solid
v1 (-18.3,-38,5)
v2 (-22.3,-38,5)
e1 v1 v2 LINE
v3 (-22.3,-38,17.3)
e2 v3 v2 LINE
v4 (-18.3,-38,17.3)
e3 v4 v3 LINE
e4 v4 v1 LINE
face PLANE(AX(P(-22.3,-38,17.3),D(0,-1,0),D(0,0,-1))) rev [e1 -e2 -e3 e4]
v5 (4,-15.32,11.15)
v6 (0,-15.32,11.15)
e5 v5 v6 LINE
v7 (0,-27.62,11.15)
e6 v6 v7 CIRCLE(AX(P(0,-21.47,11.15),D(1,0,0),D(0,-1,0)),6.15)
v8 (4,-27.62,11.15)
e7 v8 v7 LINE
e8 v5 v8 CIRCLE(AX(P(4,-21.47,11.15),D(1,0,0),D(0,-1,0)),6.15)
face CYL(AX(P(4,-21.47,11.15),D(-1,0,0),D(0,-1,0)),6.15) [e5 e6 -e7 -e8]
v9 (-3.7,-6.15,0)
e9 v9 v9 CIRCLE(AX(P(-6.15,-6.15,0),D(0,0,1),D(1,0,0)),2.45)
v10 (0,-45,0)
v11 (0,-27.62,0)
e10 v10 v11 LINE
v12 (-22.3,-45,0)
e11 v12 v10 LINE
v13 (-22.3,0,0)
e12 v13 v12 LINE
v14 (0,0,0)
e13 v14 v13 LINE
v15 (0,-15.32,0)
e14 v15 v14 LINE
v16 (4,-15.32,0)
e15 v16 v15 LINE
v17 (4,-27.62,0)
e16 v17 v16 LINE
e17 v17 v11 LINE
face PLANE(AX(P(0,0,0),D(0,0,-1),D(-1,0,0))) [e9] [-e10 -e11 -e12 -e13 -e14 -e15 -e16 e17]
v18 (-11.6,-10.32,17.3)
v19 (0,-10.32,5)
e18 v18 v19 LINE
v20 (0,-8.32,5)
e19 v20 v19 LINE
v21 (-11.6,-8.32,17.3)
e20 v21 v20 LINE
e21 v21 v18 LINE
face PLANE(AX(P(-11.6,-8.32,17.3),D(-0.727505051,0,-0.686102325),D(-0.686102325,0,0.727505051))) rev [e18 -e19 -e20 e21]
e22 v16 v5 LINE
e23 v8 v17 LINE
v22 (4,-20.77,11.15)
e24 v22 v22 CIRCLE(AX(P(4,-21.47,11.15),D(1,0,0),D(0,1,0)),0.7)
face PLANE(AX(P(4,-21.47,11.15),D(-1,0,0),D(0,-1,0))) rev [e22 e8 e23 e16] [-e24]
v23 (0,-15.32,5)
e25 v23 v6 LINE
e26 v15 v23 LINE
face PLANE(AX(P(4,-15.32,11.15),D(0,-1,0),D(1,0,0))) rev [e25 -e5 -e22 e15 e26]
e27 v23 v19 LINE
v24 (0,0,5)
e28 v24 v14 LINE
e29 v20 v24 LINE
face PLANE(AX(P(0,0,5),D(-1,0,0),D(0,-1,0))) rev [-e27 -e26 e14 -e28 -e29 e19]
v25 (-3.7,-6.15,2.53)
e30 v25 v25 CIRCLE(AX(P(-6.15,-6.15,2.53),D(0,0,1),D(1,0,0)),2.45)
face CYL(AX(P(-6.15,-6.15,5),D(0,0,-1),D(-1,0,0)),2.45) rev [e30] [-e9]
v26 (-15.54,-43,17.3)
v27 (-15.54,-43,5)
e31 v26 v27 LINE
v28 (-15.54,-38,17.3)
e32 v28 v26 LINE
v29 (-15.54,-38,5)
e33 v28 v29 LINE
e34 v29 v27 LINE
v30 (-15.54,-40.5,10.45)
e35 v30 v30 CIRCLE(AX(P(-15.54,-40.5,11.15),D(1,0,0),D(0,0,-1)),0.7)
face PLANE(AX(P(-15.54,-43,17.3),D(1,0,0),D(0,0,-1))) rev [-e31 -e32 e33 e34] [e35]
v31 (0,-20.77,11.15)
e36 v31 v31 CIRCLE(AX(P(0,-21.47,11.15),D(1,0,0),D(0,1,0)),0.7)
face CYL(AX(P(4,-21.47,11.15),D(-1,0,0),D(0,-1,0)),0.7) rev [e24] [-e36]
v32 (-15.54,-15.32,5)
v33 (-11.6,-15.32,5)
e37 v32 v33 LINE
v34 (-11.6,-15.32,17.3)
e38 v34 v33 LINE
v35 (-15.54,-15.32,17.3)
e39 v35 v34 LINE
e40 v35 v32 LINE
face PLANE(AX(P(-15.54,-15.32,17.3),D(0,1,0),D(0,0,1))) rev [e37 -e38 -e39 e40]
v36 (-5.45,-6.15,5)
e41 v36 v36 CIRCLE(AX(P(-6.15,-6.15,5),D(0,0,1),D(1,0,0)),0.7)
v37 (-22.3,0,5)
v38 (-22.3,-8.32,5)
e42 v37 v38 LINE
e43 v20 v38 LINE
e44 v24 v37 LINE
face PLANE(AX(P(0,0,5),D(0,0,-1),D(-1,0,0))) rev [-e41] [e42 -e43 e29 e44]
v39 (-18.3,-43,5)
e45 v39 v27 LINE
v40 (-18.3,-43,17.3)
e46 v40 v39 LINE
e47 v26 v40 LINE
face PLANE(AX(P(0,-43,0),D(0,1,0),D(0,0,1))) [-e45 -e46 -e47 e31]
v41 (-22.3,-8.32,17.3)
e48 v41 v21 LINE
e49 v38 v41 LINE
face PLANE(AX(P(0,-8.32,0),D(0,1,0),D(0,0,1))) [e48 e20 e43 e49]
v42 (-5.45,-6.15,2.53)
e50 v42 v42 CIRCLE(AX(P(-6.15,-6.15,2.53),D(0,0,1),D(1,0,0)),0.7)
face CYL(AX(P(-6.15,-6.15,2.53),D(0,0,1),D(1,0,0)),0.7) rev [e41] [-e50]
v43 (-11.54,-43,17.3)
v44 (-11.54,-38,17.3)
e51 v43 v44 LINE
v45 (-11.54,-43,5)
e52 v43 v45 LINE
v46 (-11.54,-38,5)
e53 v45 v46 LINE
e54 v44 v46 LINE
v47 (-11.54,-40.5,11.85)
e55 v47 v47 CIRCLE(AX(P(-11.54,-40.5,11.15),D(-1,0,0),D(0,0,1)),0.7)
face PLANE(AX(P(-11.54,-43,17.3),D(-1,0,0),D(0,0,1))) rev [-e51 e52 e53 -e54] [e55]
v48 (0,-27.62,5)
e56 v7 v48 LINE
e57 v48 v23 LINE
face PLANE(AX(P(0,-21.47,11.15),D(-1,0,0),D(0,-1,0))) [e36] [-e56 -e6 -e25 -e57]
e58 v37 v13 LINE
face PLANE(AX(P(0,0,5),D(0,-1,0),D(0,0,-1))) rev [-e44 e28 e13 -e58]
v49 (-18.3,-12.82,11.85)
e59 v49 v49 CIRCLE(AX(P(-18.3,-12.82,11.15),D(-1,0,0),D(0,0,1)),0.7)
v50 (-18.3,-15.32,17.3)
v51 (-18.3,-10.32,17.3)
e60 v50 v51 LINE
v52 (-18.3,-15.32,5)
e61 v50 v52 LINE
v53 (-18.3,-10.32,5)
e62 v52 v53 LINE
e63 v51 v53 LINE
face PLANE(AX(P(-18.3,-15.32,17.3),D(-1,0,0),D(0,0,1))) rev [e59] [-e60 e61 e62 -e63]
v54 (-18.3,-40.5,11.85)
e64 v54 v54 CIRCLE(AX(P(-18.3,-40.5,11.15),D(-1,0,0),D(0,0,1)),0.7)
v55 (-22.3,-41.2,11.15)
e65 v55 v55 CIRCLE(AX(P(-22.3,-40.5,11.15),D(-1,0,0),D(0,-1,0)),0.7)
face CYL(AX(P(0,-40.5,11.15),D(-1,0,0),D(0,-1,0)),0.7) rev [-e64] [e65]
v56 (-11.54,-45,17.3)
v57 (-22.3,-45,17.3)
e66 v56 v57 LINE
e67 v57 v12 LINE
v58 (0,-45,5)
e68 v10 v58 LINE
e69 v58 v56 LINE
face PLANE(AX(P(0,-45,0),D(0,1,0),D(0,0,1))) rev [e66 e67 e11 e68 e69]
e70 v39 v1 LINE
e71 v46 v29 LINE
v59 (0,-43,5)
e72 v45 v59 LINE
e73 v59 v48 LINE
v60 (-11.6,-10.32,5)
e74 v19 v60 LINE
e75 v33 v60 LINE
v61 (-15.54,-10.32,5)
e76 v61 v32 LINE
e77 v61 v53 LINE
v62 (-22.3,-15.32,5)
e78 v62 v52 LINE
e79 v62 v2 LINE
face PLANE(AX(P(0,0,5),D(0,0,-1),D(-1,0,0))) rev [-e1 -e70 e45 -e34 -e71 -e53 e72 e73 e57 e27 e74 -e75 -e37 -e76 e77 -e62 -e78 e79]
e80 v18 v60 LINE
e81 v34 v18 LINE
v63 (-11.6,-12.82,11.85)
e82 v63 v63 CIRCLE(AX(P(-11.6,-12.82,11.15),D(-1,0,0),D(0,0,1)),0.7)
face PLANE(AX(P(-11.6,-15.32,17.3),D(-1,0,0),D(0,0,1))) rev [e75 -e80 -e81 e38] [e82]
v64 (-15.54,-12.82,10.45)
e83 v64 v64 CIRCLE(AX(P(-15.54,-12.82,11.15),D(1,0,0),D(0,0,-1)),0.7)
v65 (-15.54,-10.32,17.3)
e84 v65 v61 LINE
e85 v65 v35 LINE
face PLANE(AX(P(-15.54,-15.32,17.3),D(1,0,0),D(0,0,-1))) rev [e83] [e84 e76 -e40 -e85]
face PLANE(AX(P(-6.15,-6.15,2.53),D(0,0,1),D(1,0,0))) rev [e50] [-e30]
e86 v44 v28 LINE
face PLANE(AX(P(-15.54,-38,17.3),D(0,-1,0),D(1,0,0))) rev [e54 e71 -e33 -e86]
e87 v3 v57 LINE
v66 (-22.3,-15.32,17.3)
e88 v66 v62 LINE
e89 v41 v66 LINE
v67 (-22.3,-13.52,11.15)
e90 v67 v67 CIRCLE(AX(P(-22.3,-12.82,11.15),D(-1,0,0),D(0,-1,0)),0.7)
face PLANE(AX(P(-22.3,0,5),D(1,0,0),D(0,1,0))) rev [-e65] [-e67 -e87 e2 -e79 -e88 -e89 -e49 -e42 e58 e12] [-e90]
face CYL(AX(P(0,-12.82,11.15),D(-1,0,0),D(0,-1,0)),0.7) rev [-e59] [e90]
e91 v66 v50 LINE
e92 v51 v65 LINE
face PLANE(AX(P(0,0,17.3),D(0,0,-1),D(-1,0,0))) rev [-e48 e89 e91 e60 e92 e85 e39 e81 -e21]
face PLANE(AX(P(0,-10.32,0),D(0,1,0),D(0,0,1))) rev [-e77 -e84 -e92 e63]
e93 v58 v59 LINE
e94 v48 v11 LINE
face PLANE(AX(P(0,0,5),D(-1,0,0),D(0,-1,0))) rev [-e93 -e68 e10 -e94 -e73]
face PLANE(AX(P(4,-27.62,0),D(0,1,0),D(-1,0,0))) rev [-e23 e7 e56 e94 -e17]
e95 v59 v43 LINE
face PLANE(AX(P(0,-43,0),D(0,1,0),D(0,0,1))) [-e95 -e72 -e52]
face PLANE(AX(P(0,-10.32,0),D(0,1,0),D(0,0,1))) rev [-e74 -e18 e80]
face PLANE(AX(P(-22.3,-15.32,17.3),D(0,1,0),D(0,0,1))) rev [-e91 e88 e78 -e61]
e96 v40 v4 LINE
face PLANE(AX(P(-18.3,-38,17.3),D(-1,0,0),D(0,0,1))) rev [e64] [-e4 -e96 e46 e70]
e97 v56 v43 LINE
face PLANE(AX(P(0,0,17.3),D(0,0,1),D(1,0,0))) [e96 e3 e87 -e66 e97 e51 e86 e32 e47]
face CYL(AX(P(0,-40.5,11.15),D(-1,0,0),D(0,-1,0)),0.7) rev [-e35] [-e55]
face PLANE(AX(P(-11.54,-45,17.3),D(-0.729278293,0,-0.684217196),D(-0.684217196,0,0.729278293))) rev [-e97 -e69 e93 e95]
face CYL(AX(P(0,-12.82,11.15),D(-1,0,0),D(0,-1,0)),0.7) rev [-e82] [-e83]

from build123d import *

# Parameters (mm, degrees)
ESQUISSE1_W             = 22.3
ESQUISSE1_H             = 43
ESQUISSE1_R             = 2.45
BOSS_EXTRU_1_DEPTH      = 5
BOSS_EXTRU_2_START      = -2.47
ESQUISSE2_R             = 2.45
ESQUISSE2_R_2           = 0.7
BOSS_EXTRU_2_DEPTH      = 2.47
ESQUISSE3_W             = 4
ESQUISSE3_H             = 5
ESQUISSE3_W_2           = 3.94
BOSS_EXTRU_3_DEPTH      = 12.3
ESQUISSE4_R             = 0.7
ENL_V_MAT_EXTRU_1_DEPTH = 52.435201954
BOSS_EXTRU_4_DEPTH      = 2
BOSS_EXTRU_5_DEPTH      = 2
ESQUISSE7_R             = 0.7
BOSS_EXTRU_6_DEPTH      = 4


with BuildPart() as part:
    # Esquisse1 → Boss.-Extru.1 (new body)
    with BuildSketch(Plane.XY):
        with Locations((-11.15, -21.5)):
            Rectangle(ESQUISSE1_W, ESQUISSE1_H)
        with Locations((-6.15, -6.15)):
            Circle(ESQUISSE1_R, mode=Mode.SUBTRACT)
    extrude(amount=BOSS_EXTRU_1_DEPTH)

    # Esquisse2 → Boss.-Extru.2 (add)
    with BuildSketch(Plane.XY.offset(5).offset(BOSS_EXTRU_2_START)):
        with Locations((-6.15, -6.15)):
            Circle(ESQUISSE2_R)
        with Locations((-6.15, -6.15)):
            Circle(ESQUISSE2_R_2, mode=Mode.SUBTRACT)
    extrude(amount=BOSS_EXTRU_2_DEPTH)

    # Esquisse3 → Boss.-Extru.3 (add)
    with BuildSketch(Plane.XY.offset(5)):
        with Locations((-20.3, -40.5)):
            Rectangle(ESQUISSE3_W, ESQUISSE3_H)
        with Locations((-13.54, -40.5)):
            Rectangle(ESQUISSE3_W, ESQUISSE3_H)
        with Locations((-20.3, -12.82)):
            Rectangle(ESQUISSE3_W, ESQUISSE3_H)
        with Locations((-13.57, -12.82)):
            Rectangle(ESQUISSE3_W_2, ESQUISSE3_H)
    extrude(amount=BOSS_EXTRU_3_DEPTH)

    # Esquisse4 → Enlèv. mat.-Extru.1 (cut, through all)
    with BuildSketch(Plane.ZY.offset(22.3)):
        with Locations((11.15, -12.82)):
            Circle(ESQUISSE4_R)
        with Locations((11.15, -40.5)):
            Circle(ESQUISSE4_R)
    extrude(amount=-ENL_V_MAT_EXTRU_1_DEPTH, mode=Mode.SUBTRACT)

    # Esquisse5 → Boss.-Extru.4 (add)
    with BuildSketch(Plane.XZ.offset(43)):
        Polygon((-22.3, 17.3), (-11.54, 17.3), (0, 5), (0, 0), (-22.3, 0), align=None)
    extrude(amount=BOSS_EXTRU_4_DEPTH)

    # Esquisse6 → Boss.-Extru.5 (add)
    with BuildSketch(Plane(origin=(0, -10.32, 0), x_dir=(1, 0, 0), z_dir=(0, 1, 0))):
        Polygon((-22.3, -5), (-22.3, -17.3), (-11.6, -17.3), (0, -5), align=None)
    extrude(amount=BOSS_EXTRU_5_DEPTH)

    # Esquisse7 → Boss.-Extru.6 (add)
    with BuildSketch(Plane(origin=(0, 0, 0), x_dir=(0, 0, -1), z_dir=(1, 0, 0))):
        with BuildLine():
            Line((-11.15, -15.32), (0, -15.32))
            Line((0, -15.32), (0, -27.62))
            Line((0, -27.62), (-11.15, -27.62))
            ThreePointArc((-11.15, -27.62), (-17.3, -21.47), (-11.15, -15.32))
        make_face()
        with Locations(Location((-11.15, -21.47, 0), (0, 0, 90))):
            Circle(ESQUISSE7_R, mode=Mode.SUBTRACT)
    extrude(amount=BOSS_EXTRU_6_DEPTH)


solid = part.part
